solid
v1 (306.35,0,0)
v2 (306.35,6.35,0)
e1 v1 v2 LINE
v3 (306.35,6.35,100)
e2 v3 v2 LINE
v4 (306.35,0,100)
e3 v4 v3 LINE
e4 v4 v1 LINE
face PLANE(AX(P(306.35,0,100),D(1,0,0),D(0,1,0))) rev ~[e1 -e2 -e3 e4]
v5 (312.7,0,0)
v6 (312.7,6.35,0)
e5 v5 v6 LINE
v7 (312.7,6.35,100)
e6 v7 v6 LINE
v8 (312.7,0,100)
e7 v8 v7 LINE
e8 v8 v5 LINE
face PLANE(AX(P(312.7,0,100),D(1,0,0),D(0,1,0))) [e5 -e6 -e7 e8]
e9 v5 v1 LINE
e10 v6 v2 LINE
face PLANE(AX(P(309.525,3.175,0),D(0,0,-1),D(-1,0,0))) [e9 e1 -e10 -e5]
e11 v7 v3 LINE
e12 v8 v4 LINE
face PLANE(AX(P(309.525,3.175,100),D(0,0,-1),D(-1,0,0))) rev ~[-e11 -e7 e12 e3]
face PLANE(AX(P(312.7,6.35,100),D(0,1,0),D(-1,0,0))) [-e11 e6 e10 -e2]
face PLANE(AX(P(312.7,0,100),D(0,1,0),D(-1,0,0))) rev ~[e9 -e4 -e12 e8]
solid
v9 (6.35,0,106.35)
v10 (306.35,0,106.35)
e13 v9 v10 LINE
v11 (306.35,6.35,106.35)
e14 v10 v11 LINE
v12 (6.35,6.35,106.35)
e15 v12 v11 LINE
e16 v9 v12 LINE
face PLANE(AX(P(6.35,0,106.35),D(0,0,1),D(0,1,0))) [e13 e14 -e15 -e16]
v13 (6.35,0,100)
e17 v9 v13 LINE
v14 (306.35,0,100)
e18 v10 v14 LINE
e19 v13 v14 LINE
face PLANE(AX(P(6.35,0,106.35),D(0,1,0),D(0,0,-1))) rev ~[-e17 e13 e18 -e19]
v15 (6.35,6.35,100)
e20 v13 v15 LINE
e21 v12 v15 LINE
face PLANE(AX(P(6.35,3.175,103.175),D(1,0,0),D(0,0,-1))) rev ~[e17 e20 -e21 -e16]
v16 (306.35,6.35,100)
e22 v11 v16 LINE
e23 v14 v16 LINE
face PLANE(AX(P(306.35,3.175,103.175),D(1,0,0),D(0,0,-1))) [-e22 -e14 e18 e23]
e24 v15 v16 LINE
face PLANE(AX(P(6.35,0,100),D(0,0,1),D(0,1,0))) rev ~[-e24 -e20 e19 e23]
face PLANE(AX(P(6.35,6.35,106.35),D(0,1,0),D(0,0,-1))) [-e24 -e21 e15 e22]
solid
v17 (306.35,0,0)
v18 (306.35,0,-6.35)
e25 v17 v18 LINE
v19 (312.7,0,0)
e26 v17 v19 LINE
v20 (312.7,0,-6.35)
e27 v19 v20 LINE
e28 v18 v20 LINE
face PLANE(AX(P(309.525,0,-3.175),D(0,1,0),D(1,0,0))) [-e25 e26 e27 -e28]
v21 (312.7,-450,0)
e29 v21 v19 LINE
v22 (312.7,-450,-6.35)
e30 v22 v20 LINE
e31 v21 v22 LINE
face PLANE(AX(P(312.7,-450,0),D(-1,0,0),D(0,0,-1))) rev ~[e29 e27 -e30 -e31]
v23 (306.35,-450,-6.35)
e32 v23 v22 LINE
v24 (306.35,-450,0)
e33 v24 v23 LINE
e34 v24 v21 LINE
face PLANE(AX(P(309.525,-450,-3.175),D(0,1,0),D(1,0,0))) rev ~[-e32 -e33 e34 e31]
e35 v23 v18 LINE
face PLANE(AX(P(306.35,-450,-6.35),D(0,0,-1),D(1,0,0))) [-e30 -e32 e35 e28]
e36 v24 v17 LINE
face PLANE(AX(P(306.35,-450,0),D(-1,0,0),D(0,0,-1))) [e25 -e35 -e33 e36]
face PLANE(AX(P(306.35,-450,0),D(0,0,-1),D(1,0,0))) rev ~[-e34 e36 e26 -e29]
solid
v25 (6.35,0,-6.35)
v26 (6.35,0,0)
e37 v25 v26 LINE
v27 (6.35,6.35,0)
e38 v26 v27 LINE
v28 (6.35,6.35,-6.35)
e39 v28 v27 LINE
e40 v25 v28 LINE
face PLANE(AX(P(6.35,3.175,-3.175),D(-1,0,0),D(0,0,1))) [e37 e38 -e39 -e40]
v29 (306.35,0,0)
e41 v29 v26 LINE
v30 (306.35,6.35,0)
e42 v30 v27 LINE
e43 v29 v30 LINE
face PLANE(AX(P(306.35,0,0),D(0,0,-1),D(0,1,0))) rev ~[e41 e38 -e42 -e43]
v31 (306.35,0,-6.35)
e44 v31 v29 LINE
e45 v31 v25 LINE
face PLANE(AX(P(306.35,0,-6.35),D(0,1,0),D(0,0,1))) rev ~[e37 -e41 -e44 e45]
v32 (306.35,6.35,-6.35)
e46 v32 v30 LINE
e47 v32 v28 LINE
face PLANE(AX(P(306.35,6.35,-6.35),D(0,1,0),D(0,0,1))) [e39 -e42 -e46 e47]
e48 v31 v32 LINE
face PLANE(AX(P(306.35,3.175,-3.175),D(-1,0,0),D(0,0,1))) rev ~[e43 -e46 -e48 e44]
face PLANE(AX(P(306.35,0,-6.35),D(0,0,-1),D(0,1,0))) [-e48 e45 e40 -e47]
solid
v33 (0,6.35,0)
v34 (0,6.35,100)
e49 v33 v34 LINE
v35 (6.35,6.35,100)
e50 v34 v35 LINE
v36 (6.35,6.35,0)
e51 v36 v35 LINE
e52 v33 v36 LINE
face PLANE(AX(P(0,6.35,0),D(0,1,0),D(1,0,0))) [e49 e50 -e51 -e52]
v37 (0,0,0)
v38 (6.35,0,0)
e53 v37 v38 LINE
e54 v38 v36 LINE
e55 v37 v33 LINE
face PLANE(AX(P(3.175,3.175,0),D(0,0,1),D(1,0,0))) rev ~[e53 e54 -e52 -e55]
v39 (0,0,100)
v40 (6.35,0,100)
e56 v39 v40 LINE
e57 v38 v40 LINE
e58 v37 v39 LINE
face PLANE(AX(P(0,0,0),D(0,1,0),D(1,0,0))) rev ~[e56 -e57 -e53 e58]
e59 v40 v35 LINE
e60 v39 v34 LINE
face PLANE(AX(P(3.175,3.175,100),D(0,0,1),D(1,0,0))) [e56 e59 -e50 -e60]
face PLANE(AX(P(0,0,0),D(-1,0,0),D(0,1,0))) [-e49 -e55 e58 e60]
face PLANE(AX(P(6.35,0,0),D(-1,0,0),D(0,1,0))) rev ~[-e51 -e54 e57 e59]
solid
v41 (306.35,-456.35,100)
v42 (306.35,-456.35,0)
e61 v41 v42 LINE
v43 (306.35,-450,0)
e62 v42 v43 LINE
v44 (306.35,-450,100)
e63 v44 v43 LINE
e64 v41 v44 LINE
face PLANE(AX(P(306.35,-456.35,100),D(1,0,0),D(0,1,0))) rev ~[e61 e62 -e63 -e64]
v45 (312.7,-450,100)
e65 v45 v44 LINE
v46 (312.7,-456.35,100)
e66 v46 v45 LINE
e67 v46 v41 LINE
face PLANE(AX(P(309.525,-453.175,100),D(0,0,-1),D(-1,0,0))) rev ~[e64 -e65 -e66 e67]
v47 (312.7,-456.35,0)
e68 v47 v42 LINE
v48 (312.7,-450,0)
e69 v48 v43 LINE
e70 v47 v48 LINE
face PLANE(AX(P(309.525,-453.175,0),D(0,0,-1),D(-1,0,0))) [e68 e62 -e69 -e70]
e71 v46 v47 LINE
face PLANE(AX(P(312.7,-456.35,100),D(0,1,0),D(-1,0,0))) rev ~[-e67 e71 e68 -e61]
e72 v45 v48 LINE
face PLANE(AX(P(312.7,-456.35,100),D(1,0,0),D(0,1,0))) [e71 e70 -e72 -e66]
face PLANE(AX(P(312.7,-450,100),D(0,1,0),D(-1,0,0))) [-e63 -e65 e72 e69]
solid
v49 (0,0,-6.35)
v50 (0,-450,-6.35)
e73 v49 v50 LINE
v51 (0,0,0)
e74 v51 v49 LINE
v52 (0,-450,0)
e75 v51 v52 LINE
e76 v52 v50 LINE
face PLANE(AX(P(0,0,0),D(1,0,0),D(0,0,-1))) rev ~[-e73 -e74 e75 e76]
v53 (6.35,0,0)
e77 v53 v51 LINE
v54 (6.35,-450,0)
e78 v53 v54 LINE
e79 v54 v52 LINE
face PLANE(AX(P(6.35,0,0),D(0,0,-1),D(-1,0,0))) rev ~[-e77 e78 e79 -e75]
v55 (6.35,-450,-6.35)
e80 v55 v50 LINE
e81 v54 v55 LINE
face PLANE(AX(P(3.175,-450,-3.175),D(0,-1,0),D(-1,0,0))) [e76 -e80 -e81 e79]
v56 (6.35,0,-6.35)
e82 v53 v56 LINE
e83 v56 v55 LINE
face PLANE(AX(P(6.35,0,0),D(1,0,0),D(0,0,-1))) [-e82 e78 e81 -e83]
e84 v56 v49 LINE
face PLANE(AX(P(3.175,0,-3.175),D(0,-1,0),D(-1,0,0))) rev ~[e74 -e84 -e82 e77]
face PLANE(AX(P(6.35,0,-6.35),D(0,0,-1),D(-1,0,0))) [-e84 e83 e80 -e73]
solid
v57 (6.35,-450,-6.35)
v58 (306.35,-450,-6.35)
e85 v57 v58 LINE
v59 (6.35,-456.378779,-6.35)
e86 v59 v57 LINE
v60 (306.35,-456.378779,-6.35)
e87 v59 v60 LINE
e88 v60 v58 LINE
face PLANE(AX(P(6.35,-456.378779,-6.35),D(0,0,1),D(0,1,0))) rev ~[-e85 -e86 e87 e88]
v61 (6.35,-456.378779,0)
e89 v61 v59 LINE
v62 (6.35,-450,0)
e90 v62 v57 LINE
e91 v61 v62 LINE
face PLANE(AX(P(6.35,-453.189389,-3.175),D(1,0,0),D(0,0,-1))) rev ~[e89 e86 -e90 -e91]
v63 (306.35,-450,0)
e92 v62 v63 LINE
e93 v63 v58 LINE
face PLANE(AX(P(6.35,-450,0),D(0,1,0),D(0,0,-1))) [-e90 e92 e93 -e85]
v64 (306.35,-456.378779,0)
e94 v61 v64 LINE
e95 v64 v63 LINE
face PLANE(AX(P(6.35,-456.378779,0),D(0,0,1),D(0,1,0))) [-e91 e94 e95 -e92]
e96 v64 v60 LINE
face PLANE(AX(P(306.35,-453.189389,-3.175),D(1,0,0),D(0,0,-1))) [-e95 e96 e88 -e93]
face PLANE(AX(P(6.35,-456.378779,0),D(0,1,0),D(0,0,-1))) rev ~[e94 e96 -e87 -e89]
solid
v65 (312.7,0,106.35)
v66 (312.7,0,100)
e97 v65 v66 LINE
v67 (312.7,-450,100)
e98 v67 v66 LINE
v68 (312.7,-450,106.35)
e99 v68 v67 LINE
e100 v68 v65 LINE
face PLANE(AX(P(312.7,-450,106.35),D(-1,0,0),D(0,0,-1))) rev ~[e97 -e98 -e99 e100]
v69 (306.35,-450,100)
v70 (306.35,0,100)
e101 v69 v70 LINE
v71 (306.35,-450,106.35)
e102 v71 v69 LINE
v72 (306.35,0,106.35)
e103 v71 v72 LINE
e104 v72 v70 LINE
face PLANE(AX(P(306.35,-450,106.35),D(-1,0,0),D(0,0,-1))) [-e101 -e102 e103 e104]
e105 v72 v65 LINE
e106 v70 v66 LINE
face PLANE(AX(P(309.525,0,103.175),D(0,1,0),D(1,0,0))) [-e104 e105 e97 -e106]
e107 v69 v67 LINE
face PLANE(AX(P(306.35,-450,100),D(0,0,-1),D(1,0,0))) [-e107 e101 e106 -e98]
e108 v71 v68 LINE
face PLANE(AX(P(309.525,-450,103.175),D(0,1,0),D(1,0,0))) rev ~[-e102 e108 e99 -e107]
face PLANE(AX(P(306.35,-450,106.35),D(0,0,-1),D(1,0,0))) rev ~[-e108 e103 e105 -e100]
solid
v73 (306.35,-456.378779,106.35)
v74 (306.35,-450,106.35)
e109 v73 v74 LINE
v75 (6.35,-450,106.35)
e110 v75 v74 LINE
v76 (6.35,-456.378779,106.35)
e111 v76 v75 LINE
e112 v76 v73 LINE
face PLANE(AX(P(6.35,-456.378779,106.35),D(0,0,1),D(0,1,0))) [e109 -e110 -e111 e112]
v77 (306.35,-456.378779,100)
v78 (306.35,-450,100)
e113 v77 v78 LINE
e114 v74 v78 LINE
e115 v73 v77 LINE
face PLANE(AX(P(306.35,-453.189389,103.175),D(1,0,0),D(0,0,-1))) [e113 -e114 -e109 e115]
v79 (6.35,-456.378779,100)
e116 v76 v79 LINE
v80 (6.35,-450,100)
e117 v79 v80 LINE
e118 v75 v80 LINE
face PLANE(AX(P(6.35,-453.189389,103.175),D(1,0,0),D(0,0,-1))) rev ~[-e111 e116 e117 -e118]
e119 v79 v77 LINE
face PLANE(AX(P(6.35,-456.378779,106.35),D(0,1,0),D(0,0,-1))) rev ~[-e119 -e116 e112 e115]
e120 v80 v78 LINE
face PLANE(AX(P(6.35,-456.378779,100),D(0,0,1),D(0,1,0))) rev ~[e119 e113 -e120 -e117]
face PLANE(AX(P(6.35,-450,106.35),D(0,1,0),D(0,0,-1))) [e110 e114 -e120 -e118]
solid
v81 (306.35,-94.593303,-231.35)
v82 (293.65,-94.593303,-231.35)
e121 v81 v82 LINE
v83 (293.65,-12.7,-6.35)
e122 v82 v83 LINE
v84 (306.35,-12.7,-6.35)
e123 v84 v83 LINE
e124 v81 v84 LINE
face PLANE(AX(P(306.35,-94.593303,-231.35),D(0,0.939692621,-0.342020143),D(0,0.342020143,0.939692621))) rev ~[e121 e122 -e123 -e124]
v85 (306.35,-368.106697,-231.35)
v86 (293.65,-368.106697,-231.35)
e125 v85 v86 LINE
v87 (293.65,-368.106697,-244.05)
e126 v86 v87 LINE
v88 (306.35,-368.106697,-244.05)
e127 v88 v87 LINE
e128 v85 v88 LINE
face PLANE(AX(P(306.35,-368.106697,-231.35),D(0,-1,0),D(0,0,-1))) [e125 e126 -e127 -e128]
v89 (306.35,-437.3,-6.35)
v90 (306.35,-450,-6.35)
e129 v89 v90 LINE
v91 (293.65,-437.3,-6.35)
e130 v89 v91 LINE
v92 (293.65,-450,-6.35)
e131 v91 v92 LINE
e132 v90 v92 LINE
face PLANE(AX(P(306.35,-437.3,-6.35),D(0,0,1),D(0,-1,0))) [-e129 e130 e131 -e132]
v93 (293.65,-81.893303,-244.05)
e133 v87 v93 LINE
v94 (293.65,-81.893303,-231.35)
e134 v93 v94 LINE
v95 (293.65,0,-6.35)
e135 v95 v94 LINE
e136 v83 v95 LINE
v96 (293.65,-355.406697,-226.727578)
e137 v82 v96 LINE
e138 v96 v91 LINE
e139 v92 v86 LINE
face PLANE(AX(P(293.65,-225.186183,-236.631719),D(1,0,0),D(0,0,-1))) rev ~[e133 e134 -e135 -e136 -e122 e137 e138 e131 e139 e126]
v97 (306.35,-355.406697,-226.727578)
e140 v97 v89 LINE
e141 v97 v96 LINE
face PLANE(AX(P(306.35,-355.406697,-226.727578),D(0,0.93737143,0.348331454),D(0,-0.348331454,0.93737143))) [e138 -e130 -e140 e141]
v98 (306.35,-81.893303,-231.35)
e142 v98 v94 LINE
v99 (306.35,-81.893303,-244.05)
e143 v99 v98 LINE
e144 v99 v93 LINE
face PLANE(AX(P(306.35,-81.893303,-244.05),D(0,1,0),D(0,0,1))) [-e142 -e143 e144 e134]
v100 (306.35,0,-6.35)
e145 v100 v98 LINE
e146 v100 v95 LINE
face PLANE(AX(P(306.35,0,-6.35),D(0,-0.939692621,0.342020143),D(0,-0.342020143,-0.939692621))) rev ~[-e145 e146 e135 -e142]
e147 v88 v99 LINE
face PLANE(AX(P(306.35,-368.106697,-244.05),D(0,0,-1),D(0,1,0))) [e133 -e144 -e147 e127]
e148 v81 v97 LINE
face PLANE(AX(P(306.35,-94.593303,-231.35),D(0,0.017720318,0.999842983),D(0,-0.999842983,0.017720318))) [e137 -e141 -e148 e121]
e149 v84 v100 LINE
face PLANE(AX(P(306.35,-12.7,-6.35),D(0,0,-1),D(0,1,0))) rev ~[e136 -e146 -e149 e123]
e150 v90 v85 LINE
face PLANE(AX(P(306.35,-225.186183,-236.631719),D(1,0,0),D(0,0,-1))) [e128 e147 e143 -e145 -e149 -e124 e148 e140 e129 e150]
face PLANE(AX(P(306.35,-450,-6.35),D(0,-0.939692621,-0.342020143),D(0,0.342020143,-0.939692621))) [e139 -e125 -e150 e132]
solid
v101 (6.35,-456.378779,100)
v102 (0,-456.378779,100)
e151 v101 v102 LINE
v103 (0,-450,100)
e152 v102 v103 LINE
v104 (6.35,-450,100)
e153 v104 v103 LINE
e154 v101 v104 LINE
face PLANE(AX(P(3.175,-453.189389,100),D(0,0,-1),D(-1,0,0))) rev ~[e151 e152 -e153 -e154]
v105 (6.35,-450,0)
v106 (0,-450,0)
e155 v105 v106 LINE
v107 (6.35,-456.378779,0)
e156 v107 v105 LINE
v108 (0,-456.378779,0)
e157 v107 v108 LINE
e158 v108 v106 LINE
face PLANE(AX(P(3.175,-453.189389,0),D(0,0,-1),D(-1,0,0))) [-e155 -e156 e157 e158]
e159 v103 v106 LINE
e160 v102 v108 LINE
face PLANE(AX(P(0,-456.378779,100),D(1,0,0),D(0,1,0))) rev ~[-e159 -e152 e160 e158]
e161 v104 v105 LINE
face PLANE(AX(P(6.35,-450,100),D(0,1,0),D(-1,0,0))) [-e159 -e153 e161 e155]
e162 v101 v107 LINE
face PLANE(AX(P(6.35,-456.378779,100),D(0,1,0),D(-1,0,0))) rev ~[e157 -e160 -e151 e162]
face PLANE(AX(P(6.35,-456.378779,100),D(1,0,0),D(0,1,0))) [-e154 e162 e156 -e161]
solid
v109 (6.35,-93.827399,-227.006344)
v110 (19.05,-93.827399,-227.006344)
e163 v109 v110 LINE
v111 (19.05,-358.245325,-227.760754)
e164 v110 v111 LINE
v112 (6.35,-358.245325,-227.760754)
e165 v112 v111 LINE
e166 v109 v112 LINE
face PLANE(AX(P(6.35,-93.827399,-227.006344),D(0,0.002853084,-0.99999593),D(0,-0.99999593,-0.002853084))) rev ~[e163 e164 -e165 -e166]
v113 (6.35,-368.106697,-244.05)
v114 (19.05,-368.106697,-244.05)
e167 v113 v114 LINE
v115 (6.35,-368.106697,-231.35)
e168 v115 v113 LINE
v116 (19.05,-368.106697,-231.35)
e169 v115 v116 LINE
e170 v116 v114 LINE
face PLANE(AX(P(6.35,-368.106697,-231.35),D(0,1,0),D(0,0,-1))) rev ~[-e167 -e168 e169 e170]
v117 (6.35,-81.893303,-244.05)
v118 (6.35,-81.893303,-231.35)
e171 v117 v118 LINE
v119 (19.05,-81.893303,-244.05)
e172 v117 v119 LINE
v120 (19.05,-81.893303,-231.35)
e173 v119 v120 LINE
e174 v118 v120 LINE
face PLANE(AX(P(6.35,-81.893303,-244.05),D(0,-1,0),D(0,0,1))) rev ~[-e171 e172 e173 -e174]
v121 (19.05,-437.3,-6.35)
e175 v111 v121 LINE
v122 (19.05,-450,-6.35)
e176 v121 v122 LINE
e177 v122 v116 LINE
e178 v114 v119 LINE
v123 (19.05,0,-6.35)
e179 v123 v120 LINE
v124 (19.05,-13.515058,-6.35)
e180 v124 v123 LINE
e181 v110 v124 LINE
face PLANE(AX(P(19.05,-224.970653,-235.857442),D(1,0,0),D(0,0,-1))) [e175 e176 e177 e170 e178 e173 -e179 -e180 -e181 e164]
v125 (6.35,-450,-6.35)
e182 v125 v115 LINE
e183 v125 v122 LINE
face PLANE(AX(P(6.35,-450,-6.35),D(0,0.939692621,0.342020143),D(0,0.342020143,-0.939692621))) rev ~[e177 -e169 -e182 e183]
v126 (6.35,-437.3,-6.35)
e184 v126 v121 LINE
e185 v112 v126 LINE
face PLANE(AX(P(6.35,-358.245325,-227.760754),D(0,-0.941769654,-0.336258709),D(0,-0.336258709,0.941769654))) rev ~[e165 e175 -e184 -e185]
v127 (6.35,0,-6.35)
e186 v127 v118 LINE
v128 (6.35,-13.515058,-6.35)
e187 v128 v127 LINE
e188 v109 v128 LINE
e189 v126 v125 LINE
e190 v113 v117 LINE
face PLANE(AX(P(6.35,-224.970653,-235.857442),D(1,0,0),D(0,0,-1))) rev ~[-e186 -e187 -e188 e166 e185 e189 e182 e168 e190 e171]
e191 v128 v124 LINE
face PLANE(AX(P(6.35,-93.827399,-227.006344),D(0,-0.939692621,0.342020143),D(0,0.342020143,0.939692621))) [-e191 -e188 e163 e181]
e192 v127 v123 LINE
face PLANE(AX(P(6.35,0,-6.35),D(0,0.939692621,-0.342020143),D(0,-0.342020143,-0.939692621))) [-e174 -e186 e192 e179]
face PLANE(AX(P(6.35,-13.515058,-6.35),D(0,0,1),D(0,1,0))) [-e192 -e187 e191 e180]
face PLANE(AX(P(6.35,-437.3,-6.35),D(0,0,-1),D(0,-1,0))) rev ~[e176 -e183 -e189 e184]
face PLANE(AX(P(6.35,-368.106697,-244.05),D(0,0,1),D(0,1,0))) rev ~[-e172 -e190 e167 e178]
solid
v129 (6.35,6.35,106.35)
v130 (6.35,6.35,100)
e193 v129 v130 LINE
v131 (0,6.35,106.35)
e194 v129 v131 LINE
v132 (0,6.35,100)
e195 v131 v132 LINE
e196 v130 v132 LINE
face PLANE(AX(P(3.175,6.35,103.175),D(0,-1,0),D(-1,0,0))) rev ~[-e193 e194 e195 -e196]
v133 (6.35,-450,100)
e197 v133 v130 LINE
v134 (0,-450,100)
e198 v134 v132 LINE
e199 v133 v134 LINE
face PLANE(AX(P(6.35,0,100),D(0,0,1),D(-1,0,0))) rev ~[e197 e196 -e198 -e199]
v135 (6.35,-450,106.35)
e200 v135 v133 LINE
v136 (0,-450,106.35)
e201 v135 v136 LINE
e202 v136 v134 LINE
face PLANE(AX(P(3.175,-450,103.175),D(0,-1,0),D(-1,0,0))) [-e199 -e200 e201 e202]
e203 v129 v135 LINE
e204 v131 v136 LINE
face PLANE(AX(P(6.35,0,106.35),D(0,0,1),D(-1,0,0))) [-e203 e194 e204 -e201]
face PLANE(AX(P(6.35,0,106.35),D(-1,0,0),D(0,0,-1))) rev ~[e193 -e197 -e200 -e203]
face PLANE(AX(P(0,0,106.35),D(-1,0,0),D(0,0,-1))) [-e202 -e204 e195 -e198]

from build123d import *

# Parameters (mm, degrees)
SKETCH1_W                = 6.35
SKETCH1_H                = 6.35
BOSS_EXTRUDE1_DEPTH      = 100
SKETCH4_W                = 6.35
SKETCH4_H                = 6.35
BOSS_EXTRUDE3_DEPTH      = 450
BOSS_EXTRUDE3_DEPTH_BACK = 6.35
SKETCH6_W                = 6.35
SKETCH6_H                = 6.378778746
BOSS_EXTRUDE4_DEPTH      = 100
SKETCH7_W                = 6.35
SKETCH7_H                = 6.35
BOSS_EXTRUDE5_DEPTH      = 300
SKETCH8_W                = 6.35
SKETCH8_H                = 6.378778746
BOSS_EXTRUDE6_DEPTH      = 300
SKETCH10_W               = 6.35
SKETCH10_H               = 6.35
BOSS_EXTRUDE7_DEPTH      = 450
SKETCH12_W               = 6.35
SKETCH12_H               = 6.35
BOSS_EXTRUDE8_DEPTH      = 450
SKETCH16_W               = 6.35
SKETCH16_H               = 6.35
BOSS_EXTRUDE9_DEPTH      = 100
SKETCH20_W               = 6.35
SKETCH20_H               = 6.35
BOSS_EXTRUDE10_DEPTH     = 100
SKETCH21_W               = 6.35
SKETCH21_H               = 6.378778746
BOSS_EXTRUDE11_DEPTH     = 300
SKETCH22_W               = 6.35
SKETCH22_H               = 6.35
BOSS_EXTRUDE12_DEPTH     = 450
SKETCH23_W               = 6.35
SKETCH23_H               = 6.35
BOSS_EXTRUDE13_DEPTH     = 300
BOSS_EXTRUDE20_DEPTH     = 12.7
BOSS_EXTRUDE21_DEPTH     = 12.7
BOSS_EXTRUDE22_DEPTH     = 12.7
BOSS_EXTRUDE23_DEPTH     = 12.7
BOSS_EXTRUDE24_DEPTH     = 12.7
BOSS_EXTRUDE25_DEPTH     = 12.7


with BuildPart() as part:
    # Sketch1 → Boss-Extrude1 (new body)
    with BuildSketch(Plane.XY):
        with Locations((3.175, 3.175)):
            Rectangle(SKETCH1_W, SKETCH1_H)
    extrude(amount=BOSS_EXTRUDE1_DEPTH)


with BuildPart() as body_2:
    # Sketch4 → Boss-Extrude3 (new body, two sides)
    with BuildSketch(Plane(origin=(0, 0, 0), x_dir=(-1, 0, 0), z_dir=(0, -1, 0))) as boss_extrude3_sk:
        with Locations((-3.175, -103.175)):
            Rectangle(SKETCH4_W, SKETCH4_H)
    extrude(amount=BOSS_EXTRUDE3_DEPTH)
    extrude(boss_extrude3_sk.sketch, amount=-BOSS_EXTRUDE3_DEPTH_BACK)


with BuildPart() as body_3:
    # Sketch6 → Boss-Extrude4 (new body)
    with BuildSketch(Plane(origin=(0, 0, 100), x_dir=(-1, 0, 0), z_dir=(0, 0, -1))):
        with Locations((-3.175, -453.189389373)):
            Rectangle(SKETCH6_W, SKETCH6_H)
    extrude(amount=BOSS_EXTRUDE4_DEPTH)


with BuildPart() as body_4:
    # Sketch7 → Boss-Extrude5 (new body)
    with BuildSketch(Plane(origin=(6.35, 0, 0), x_dir=(0, 0, -1), z_dir=(1, 0, 0))):
        with Locations((-103.175, 3.175)):
            Rectangle(SKETCH7_W, SKETCH7_H)
    extrude(amount=BOSS_EXTRUDE5_DEPTH)


with BuildPart() as body_5:
    # Sketch8 → Boss-Extrude6 (new body)
    with BuildSketch(Plane(origin=(6.35, 0, 0), x_dir=(0, 0, -1), z_dir=(1, 0, 0))):
        with Locations((-103.175, -453.189389373)):
            Rectangle(SKETCH8_W, SKETCH8_H)
    extrude(amount=BOSS_EXTRUDE6_DEPTH)


with BuildPart() as body_6:
    # Sketch10 → Boss-Extrude7 (new body)
    with BuildSketch(Plane(origin=(0, -450, 0), x_dir=(1, 0, 0), z_dir=(0, 1, 0))):
        with Locations((309.525, -103.175)):
            Rectangle(SKETCH10_W, SKETCH10_H)
    extrude(amount=BOSS_EXTRUDE7_DEPTH)


with BuildPart() as body_7:
    # Sketch12 → Boss-Extrude8 (new body)
    with BuildSketch(Plane(origin=(0, 0, 0), x_dir=(-1, 0, 0), z_dir=(0, -1, 0))):
        with Locations((-3.175, 3.175)):
            Rectangle(SKETCH12_W, SKETCH12_H)
    extrude(amount=BOSS_EXTRUDE8_DEPTH)


with BuildPart() as body_8:
    # Sketch16 → Boss-Extrude9 (new body)
    with BuildSketch(Plane(origin=(0, 0, 100), x_dir=(-1, 0, 0), z_dir=(0, 0, -1))):
        with Locations((-309.525, -453.175)):
            Rectangle(SKETCH16_W, SKETCH16_H)
    extrude(amount=BOSS_EXTRUDE9_DEPTH)


with BuildPart() as body_9:
    # Sketch20 → Boss-Extrude10 (new body)
    with BuildSketch(Plane(origin=(0, 0, 100), x_dir=(-1, 0, 0), z_dir=(0, 0, -1))):
        with Locations((-309.525, 3.175)):
            Rectangle(SKETCH20_W, SKETCH20_H)
    extrude(amount=BOSS_EXTRUDE10_DEPTH)


with BuildPart() as body_10:
    # Sketch21 → Boss-Extrude11 (new body)
    with BuildSketch(Plane(origin=(6.35, 0, 0), x_dir=(0, 0, -1), z_dir=(1, 0, 0))):
        with Locations((3.175, -453.189389373)):
            Rectangle(SKETCH21_W, SKETCH21_H)
    extrude(amount=BOSS_EXTRUDE11_DEPTH)


with BuildPart() as body_11:
    # Sketch22 → Boss-Extrude12 (new body)
    with BuildSketch(Plane(origin=(0, -450, 0), x_dir=(1, 0, 0), z_dir=(0, 1, 0))):
        with Locations((309.525, 3.175)):
            Rectangle(SKETCH22_W, SKETCH22_H)
    extrude(amount=BOSS_EXTRUDE12_DEPTH)


with BuildPart() as body_12:
    # Sketch23 → Boss-Extrude13 (new body)
    with BuildSketch(Plane.ZY.offset(-306.35)):
        with Locations((-3.175, 3.175)):
            Rectangle(SKETCH23_W, SKETCH23_H)
    extrude(amount=BOSS_EXTRUDE13_DEPTH)


with BuildPart() as body_13:
    # Sketch25 → Boss-Extrude20 (new body)
    with BuildSketch(Plane(origin=(6.35, 0, 0), x_dir=(0, 0, -1), z_dir=(1, 0, 0))):
        Polygon((6.35, 0), (231.35, -81.89330271), (227.00634418, -93.827398994), (6.35, -13.51505771), align=None)
    extrude(amount=BOSS_EXTRUDE20_DEPTH)



with BuildPart() as body_14:
    # Sketch26 → Boss-Extrude21 (new body)
    with BuildSketch(Plane.ZY.offset(-306.35)):
        Polygon((-6.35, 0), (-231.35, -81.89330271), (-231.35, -94.59330271), (-6.35, -12.7), align=None)
    extrude(amount=BOSS_EXTRUDE21_DEPTH)



with BuildPart() as body_15:
    # Sketch27 → Boss-Extrude22 (new body)
    with BuildSketch(Plane.ZY.offset(-306.35)):
        Polygon((-6.35, -450), (-231.35, -368.10669729), (-226.727578025, -355.40669729), (-6.35, -437.3), align=None)
    extrude(amount=BOSS_EXTRUDE22_DEPTH)


with BuildPart() as body_16:
    # Sketch28 → Boss-Extrude23 (new body)
    with BuildSketch(Plane(origin=(6.35, 0, 0), x_dir=(0, 0, -1), z_dir=(1, 0, 0))):
        Polygon((6.35, -450), (231.35, -368.10669729), (227.760753861, -358.24532457), (6.35, -437.3), align=None)
    extrude(amount=BOSS_EXTRUDE23_DEPTH)


with BuildPart() as body_14_1:
    add(body_14.part)

    add(body_15.part)  # Boss-Extrude24 merges body 15
    # Sketch29 → Boss-Extrude24 (add)
    with BuildSketch(Plane(origin=(306.35, 0, 0), x_dir=(0, 0, -1), z_dir=(1, 0, 0))):
        Polygon((231.35, -81.89330271), (231.35, -94.59330271), (226.727578025, -355.40669729), (231.35, -368.10669729), (244.05, -368.10669729), (244.05, -81.89330271), align=None)
    extrude(amount=-BOSS_EXTRUDE24_DEPTH)


with BuildPart() as body_13_1:
    add(body_13.part)

    add(body_16.part)  # Boss-Extrude25 merges body 16
    # Sketch31 → Boss-Extrude25 (add)
    with BuildSketch(Plane.ZY.offset(-6.35)):
        Polygon((-231.35, -81.89330271), (-227.00634418, -93.827398994), (-227.760753861, -358.24532457), (-231.35, -368.10669729), (-244.05, -368.10669729), (-244.05, -81.89330271), align=None)
    extrude(amount=-BOSS_EXTRUDE25_DEPTH)


solid = Compound([part.part, body_2.part, body_3.part, body_4.part, body_5.part, body_6.part, body_7.part, body_8.part, body_9.part, body_10.part, body_11.part, body_12.part, body_14_1.part, body_13_1.part])
